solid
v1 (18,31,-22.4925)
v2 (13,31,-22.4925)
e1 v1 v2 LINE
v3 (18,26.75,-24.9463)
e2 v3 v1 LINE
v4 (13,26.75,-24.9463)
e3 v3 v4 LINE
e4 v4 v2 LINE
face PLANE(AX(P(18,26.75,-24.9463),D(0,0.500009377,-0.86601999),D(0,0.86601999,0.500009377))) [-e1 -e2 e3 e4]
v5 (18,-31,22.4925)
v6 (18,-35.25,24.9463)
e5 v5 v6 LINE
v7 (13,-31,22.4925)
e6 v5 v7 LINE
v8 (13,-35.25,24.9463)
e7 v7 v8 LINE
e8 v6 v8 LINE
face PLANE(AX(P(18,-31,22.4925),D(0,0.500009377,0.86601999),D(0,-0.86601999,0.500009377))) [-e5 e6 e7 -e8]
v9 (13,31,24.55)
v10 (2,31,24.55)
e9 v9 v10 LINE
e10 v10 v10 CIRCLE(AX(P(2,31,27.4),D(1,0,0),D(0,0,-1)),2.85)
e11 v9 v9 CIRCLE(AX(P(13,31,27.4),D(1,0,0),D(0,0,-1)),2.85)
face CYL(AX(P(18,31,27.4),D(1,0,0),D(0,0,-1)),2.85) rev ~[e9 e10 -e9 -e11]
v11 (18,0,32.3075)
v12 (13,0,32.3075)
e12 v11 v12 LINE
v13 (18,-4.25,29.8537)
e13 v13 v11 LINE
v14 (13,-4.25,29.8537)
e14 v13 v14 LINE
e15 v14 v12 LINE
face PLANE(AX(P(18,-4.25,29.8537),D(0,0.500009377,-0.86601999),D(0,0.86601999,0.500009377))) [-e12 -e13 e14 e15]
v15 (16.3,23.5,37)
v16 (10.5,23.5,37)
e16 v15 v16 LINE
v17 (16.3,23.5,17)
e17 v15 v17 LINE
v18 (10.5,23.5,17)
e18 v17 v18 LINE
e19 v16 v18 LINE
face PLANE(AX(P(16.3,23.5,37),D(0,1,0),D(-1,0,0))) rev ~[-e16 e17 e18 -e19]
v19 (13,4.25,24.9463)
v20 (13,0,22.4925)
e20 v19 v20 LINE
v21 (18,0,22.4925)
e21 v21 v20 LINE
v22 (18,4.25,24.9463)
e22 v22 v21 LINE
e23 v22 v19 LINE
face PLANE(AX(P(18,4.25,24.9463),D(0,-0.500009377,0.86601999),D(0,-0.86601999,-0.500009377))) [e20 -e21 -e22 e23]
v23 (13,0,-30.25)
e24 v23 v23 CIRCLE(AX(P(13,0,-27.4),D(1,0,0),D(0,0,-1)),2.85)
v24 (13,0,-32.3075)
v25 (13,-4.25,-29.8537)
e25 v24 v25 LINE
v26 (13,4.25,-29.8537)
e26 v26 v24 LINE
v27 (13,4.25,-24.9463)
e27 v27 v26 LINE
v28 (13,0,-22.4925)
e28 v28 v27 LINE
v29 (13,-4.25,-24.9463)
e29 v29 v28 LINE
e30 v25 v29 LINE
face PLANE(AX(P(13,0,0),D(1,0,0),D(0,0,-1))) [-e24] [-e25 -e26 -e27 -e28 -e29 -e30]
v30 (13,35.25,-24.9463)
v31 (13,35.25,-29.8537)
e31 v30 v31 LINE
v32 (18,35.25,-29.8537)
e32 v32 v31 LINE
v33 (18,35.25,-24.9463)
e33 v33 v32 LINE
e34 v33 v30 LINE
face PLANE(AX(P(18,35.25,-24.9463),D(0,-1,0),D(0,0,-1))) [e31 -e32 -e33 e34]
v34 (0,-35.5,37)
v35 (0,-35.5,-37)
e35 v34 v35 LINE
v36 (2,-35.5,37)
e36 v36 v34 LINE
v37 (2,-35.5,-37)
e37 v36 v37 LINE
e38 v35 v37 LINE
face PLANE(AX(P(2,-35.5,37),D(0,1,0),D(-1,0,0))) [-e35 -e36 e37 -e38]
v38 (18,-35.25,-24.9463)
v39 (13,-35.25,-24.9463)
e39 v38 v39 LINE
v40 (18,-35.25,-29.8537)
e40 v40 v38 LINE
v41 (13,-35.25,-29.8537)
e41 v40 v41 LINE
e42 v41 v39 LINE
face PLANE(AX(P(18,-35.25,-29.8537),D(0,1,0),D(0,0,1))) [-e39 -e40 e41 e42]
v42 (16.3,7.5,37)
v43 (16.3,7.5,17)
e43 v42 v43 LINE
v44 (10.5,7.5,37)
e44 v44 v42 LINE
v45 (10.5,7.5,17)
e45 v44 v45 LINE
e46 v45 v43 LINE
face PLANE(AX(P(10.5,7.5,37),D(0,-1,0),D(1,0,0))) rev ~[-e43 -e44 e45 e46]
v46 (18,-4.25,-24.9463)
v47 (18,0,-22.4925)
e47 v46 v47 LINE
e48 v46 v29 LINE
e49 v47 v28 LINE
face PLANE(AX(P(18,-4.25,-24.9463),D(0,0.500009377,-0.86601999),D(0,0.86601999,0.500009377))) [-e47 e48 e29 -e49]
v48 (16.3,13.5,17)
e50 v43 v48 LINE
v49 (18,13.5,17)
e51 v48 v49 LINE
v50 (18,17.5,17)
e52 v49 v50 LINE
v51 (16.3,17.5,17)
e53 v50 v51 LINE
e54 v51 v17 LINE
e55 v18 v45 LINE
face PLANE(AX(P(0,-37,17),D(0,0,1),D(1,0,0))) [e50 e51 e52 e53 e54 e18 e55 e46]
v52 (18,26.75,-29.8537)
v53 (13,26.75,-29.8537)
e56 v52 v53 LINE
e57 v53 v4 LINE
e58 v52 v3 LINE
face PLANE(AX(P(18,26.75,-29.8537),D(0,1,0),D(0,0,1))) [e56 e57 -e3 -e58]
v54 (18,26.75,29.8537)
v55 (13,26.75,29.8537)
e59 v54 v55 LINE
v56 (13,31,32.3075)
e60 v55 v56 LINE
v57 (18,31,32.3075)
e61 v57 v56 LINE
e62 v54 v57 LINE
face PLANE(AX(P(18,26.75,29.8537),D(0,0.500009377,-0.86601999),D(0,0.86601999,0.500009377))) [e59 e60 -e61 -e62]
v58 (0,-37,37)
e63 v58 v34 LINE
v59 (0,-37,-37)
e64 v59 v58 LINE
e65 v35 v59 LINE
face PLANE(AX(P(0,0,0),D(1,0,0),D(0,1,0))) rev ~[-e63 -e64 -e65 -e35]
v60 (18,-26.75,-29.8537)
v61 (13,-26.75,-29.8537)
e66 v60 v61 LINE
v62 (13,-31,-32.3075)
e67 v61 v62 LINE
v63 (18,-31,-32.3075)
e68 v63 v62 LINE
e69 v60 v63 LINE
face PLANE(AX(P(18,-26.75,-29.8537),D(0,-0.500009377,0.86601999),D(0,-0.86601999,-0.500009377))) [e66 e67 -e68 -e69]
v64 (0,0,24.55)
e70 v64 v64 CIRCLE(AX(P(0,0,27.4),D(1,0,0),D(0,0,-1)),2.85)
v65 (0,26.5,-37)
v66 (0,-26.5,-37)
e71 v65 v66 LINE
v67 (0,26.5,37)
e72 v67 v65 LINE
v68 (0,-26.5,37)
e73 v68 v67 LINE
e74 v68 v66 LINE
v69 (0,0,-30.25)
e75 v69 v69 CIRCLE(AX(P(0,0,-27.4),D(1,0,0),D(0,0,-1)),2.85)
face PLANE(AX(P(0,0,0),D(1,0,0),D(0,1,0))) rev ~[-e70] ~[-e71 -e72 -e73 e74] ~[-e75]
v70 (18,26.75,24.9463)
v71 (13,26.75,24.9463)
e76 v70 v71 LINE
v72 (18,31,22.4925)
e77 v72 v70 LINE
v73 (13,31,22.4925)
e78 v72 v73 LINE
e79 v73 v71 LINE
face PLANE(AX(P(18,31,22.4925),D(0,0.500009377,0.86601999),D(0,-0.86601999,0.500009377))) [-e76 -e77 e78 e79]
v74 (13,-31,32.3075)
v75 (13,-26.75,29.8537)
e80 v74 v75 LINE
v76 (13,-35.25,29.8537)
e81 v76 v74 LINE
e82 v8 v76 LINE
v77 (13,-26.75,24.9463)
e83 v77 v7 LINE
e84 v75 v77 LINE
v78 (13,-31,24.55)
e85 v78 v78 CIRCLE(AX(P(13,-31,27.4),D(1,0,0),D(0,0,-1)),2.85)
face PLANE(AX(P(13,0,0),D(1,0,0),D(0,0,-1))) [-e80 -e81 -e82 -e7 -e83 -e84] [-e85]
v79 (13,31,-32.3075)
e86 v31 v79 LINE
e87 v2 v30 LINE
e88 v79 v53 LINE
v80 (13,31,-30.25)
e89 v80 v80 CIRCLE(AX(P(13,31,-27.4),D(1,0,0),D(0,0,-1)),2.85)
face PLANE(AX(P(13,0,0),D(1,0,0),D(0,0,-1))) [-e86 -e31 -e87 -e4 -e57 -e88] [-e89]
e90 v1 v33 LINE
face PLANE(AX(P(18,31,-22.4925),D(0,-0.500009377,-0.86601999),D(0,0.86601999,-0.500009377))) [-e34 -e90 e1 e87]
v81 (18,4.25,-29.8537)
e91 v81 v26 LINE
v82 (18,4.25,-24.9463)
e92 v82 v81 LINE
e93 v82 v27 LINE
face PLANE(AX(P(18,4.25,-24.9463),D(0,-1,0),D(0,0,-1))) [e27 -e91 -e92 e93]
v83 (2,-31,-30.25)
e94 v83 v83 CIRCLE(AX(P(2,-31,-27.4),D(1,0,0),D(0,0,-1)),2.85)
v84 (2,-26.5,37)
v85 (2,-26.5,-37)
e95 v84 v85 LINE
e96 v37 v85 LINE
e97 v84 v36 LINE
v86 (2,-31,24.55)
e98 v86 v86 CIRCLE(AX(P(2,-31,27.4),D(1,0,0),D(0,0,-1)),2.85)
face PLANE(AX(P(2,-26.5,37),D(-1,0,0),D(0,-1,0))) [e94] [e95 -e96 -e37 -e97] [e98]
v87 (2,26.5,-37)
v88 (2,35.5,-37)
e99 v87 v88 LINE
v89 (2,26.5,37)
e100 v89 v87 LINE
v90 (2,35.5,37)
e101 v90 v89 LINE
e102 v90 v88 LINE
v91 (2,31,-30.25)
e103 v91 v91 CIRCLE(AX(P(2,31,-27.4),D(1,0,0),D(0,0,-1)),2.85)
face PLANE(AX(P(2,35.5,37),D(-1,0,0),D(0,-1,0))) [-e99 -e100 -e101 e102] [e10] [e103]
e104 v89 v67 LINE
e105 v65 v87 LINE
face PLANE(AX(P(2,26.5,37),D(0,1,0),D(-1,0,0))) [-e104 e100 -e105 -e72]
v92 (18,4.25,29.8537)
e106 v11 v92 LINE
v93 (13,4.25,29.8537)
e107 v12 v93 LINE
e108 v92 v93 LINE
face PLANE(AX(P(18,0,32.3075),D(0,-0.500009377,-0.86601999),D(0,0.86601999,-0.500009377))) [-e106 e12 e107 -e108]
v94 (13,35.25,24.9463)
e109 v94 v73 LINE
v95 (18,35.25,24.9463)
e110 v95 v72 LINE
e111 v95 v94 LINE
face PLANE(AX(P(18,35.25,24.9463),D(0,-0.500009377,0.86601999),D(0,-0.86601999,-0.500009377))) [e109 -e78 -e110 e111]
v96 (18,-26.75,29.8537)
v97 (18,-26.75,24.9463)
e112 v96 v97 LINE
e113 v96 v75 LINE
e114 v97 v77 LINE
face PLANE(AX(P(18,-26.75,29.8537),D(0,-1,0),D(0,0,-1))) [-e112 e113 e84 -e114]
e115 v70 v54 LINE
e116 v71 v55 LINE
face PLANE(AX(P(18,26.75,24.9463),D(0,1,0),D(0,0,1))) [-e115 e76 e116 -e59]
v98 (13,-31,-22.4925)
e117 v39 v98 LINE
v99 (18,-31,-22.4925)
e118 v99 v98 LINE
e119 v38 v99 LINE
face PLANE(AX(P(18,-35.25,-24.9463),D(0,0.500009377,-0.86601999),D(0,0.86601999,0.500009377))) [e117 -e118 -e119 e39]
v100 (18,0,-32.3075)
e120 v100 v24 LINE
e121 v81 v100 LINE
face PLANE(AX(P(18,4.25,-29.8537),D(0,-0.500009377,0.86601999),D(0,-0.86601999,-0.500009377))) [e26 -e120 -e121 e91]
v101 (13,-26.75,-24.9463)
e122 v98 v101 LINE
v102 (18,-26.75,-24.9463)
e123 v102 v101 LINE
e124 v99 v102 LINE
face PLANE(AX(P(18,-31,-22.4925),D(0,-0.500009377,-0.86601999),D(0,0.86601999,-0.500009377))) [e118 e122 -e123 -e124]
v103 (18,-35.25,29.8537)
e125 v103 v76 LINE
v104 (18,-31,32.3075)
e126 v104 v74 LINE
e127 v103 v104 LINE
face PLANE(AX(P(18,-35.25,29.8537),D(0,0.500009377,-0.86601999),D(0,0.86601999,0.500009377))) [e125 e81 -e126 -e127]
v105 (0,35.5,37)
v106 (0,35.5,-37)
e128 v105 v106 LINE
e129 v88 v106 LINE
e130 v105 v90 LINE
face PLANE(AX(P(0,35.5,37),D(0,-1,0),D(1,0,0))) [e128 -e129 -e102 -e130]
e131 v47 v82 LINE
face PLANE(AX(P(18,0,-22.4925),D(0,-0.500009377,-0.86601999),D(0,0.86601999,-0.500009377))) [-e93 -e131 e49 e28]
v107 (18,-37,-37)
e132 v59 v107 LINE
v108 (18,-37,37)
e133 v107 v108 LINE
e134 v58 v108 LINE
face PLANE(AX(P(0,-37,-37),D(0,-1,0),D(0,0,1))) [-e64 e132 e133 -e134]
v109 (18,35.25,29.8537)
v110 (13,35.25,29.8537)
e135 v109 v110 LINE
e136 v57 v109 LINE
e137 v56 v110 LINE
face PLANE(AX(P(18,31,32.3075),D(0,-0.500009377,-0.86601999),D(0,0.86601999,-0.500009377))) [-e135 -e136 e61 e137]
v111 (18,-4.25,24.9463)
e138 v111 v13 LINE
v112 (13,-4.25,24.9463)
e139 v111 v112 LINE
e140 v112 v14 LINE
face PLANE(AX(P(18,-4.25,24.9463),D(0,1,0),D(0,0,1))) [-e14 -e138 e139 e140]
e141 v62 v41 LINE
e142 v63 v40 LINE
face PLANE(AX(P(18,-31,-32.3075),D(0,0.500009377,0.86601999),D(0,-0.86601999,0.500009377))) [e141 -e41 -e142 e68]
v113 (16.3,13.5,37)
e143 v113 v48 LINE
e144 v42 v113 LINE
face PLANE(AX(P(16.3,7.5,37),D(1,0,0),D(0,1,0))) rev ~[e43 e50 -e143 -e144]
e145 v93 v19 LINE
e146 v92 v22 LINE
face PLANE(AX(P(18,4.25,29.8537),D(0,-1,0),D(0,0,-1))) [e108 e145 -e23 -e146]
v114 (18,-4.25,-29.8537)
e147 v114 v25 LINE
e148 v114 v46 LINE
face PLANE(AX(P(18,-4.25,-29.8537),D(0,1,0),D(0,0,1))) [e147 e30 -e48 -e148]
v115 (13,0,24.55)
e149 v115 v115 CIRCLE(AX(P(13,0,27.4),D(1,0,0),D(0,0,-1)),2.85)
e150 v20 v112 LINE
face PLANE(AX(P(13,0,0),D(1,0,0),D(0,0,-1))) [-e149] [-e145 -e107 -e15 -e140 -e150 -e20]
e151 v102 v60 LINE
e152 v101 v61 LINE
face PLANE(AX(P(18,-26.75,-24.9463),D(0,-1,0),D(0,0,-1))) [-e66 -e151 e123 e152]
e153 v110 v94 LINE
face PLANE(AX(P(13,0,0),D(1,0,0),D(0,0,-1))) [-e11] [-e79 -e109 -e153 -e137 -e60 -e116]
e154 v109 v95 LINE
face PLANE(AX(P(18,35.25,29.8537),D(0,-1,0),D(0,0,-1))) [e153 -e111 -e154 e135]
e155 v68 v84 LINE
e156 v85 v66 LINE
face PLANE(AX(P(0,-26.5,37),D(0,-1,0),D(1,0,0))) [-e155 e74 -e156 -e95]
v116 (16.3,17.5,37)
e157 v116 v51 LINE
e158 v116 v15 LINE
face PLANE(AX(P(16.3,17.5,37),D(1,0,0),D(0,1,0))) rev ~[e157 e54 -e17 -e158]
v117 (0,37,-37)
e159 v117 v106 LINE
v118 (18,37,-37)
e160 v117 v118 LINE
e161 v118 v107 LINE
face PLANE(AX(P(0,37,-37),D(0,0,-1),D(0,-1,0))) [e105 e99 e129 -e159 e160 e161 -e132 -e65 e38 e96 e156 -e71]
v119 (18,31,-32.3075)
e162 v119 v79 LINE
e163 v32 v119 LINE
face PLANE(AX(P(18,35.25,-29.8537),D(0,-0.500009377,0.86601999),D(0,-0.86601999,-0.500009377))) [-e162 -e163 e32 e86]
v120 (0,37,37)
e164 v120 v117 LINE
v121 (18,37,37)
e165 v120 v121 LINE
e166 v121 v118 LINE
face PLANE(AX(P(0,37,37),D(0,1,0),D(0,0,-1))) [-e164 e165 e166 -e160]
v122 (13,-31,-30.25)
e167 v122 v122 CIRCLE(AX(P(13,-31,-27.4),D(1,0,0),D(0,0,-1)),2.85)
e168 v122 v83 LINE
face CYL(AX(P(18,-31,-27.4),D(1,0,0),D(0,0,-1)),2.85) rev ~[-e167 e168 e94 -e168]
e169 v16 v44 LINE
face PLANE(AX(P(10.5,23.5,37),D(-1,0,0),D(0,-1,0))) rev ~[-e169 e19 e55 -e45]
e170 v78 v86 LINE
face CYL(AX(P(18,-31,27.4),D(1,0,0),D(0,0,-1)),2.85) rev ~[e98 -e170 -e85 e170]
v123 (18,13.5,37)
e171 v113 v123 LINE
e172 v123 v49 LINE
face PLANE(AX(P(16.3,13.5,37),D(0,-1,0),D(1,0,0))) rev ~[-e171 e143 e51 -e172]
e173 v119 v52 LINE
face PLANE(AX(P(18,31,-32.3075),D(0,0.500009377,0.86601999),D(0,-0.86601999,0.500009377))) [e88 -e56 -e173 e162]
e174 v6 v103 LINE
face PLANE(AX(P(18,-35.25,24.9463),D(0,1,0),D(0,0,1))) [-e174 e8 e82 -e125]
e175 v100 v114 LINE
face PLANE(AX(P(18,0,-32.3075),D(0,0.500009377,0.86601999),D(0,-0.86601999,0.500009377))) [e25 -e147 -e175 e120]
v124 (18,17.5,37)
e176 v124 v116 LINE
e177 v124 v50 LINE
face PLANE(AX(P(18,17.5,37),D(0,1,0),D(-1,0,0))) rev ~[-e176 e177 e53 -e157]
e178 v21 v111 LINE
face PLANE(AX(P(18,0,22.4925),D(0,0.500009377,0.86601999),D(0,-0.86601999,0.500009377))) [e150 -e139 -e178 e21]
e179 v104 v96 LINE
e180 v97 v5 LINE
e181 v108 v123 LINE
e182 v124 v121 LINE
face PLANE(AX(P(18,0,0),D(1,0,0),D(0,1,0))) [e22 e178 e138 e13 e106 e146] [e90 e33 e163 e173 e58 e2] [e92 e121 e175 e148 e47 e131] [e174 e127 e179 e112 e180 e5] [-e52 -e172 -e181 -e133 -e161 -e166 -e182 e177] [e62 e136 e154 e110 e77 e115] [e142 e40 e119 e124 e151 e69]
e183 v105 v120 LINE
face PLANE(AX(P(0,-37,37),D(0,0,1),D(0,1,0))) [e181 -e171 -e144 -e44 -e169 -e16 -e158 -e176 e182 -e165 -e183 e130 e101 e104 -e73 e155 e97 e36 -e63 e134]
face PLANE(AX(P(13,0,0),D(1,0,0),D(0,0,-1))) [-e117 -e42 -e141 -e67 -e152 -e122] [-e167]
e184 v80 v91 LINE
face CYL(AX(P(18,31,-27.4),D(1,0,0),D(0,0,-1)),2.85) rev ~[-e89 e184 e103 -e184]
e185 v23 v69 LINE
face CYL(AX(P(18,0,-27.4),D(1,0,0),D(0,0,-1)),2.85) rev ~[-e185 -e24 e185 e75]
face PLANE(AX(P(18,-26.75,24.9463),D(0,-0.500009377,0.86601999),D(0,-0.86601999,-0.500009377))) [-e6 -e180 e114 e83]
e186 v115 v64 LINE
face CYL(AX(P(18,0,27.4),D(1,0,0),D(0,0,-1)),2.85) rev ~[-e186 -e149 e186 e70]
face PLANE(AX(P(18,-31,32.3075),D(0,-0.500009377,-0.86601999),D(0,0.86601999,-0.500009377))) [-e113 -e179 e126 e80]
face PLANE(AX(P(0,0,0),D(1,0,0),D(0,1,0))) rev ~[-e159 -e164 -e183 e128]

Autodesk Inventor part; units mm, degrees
ref_plane "YZ Plane" through (0, 0, 0) normal (1, 0, 0) x (0, 1, 0)
ref_plane "XZ Plane" through (0, 0, 0) normal (0, 1, 0) x (-1, 0, 0)
ref_plane "XY Plane" through (0, 0, 0) normal (0, 0, 1) x (1, 0, 0)
sketch "Szkic1" plane through (0, 0, 0) normal (1, 0, 0) x (0, 1, 0)
  line L0 (-37, 37) -> (37, 37)
  line L1 (37, 37) -> (37, -37)
  line L2 (37, -37) -> (-37, -37)
  line L3 (-37, -37) -> (-37, 37)
  line L4 (-37, 37) -> (37, -37) construction
  line L5 (37, 37) -> (-37, -37) construction
  point P0 (0, 0)
  dimension "d0" = 74
  dimension "d1" = 74
extrude "Wyciągnięcie proste1" add sketch "Szkic1" along normal blind 18
sketch "Szkic2" plane through (18, 0, 0) normal (1, 0, 0) x (0, 0, -1)
  circle A0 centre (-27.4, 31) radius 2.85
  line L0 (37, 37) -> (-37, 37) projected
  line L1 (-37, 37) -> (-37, -37) projected
  circle A1 centre (-27.4, 0) radius 2.85
  circle A2 centre (-27.4, -31) radius 2.85
  circle A3 centre (27.4, 31) radius 2.85
  line L2 (37, -37) -> (37, 37) projected
  circle A4 centre (27.4, 0) radius 2.85
  circle A5 centre (27.4, -31) radius 2.85
  line L3 (-29.8537, 35.25) -> (-24.9463, 35.25)
  line L4 (-24.9463, 35.25) -> (-22.4925, 31)
  line L5 (-22.4925, 31) -> (-24.9463, 26.75)
  line L6 (-24.9463, 26.75) -> (-29.8537, 26.75)
  line L7 (-29.8537, 26.75) -> (-32.3075, 31)
  line L8 (-32.3075, 31) -> (-29.8537, 35.25)
  line L9 (-29.8537, 4.25) -> (-24.9463, 4.25)
  line L10 (-24.9463, 4.25) -> (-22.4925, 0)
  line L11 (-22.4925, 0) -> (-24.9463, -4.25)
  line L12 (-24.9463, -4.25) -> (-29.8537, -4.25)
  line L13 (-29.8537, -4.25) -> (-32.3075, 0)
  line L14 (-32.3075, 0) -> (-29.8537, 4.25)
  line L15 (-29.8537, -26.75) -> (-24.9463, -26.75)
  line L16 (-24.9463, -26.75) -> (-22.4925, -31)
  line L17 (-22.4925, -31) -> (-24.9463, -35.25)
  line L18 (-24.9463, -35.25) -> (-29.8537, -35.25)
  line L19 (-29.8537, -35.25) -> (-32.3075, -31)
  line L20 (-32.3075, -31) -> (-29.8537, -26.75)
  line L21 (29.8537, 35.25) -> (32.3075, 31)
  line L22 (32.3075, 31) -> (29.8537, 26.75)
  line L23 (29.8537, 26.75) -> (24.9463, 26.75)
  line L24 (24.9463, 26.75) -> (22.4925, 31)
  line L25 (22.4925, 31) -> (24.9463, 35.25)
  line L26 (24.9463, 35.25) -> (29.8537, 35.25)
  line L27 (29.8537, 4.25) -> (32.3075, 0)
  line L28 (32.3075, 0) -> (29.8537, -4.25)
  line L29 (29.8537, -4.25) -> (24.9463, -4.25)
  line L30 (24.9463, -4.25) -> (22.4925, 0)
  line L31 (22.4925, 0) -> (24.9463, 4.25)
  line L32 (24.9463, 4.25) -> (29.8537, 4.25)
  line L33 (29.8537, -26.75) -> (32.3075, -31)
  line L34 (32.3075, -31) -> (29.8537, -35.25)
  line L35 (29.8537, -35.25) -> (24.9463, -35.25)
  line L36 (24.9463, -35.25) -> (22.4925, -31)
  line L37 (22.4925, -31) -> (24.9463, -26.75)
  line L38 (24.9463, -26.75) -> (29.8537, -26.75)
  point P0 (0, 0)
  point P1 (27.4, -26.75)
  dimension "d4" = 6
  dimension "d5" = 5.7
  dimension "d6" = 9.6
  dimension "d7" = 31
  dimension "d8" = 31
  dimension "d9" = 5.7
  dimension "d10" = 5.7
  dimension "d11" = 9.6
  dimension "d12" = 5.7
  dimension "d13" = 5.7
  dimension "d14" = 5.7
  dimension "d15" = 8.5
  dimension "d16" = 8.5
  dimension "d17" = 8.5
  dimension "d18" = 8.5
  dimension "d19" = 8.5
  dimension "d20" = 8.5
extrude "Wyciągnięcie proste2" cut sketch "Szkic2" against normal through all contours A0 | A1 | A2 | A3 | A4 | A5
extrude "Wyciągnięcie proste3" cut sketch "Szkic2" against normal blind 5 contours A0 | A1 | A2 | A3 | A4 | A5 | L3 L4 L5 L6 L7 L8 | L9 L10 L11 L12 L13 L14 | L15 L16 L17 L18 L19 L20 | L21 L22 L23 L24 L25 L26 | L27 L28 L29 L30 L31 L32 | L33 L34 L35 L36 L37 L38
sketch "Szkic3" plane through (0, -37, 37) normal (0, 0, 1) x (1, 0, 0)
  line L0 (0, 0) -> (0, 74) projected
  line L1 (0, 72.5) -> (2, 72.5)
  line L2 (2, 72.5) -> (2, 63.5)
  line L3 (2, 63.5) -> (0, 63.5)
  line L4 (0, 63.5) -> (0, 72.5)
  line L5 (0, 74) -> (18, 74) projected
  line L6 (0, 10.5) -> (2, 10.5)
  line L7 (2, 10.5) -> (2, 1.5)
  line L8 (2, 1.5) -> (0, 1.5)
  line L9 (0, 1.5) -> (0, 10.5)
  point P0 (0, 37)
  point P1 (0, 1.5)
  point P2 (0, 63.5)
  dimension "d25" = 1.5
  dimension "d26" = 9
  dimension "d27" = 2
  dimension "d28" = 2
  dimension "d29" = 9
  dimension "d30" = 1.5
extrude "Wyciągnięcie proste4" cut sketch "Szkic3" against normal through all
sketch "Szkic4" plane through (0, -37, 37) normal (0, 0, 1) x (1, 0, 0)
  line L0 (10.5, 60.5) -> (10.5, 44.5)
  line L1 (10.5, 44.5) -> (16.3, 44.5)
  line L2 (16.3, 44.5) -> (16.3, 50.5)
  line L3 (16.3, 60.5) -> (10.5, 60.5)
  line L4 (16.3, 50.5) -> (18, 50.5)
  line L5 (18, 50.5) -> (18, 54.5)
  line L6 (18, 54.5) -> (16.3, 54.5)
  line L7 (16.3, 54.5) -> (16.3, 60.5)
  line L8 (16.3, 50.5) -> (16.3, 54.5) construction
  line L9 (18, 74) -> (18, 0) projected
  line L10 (18, 63.75) -> (13, 63.75) projected
  line L11 (18, 63.75) -> (13, 63.75) projected
  point P0 (0, 37)
  dimension "d33" = 5.8
  dimension "d34" = 4
  dimension "d35" = 1.7
  dimension "d36" = 6
  dimension "d37" = 16
  dimension "d38" = 3.25
extrude "Wyciągnięcie proste5" cut sketch "Szkic4" against normal blind 20
properties part number "XItemEndCoverConnector" material "Tworzywo sztuczne ABS"
